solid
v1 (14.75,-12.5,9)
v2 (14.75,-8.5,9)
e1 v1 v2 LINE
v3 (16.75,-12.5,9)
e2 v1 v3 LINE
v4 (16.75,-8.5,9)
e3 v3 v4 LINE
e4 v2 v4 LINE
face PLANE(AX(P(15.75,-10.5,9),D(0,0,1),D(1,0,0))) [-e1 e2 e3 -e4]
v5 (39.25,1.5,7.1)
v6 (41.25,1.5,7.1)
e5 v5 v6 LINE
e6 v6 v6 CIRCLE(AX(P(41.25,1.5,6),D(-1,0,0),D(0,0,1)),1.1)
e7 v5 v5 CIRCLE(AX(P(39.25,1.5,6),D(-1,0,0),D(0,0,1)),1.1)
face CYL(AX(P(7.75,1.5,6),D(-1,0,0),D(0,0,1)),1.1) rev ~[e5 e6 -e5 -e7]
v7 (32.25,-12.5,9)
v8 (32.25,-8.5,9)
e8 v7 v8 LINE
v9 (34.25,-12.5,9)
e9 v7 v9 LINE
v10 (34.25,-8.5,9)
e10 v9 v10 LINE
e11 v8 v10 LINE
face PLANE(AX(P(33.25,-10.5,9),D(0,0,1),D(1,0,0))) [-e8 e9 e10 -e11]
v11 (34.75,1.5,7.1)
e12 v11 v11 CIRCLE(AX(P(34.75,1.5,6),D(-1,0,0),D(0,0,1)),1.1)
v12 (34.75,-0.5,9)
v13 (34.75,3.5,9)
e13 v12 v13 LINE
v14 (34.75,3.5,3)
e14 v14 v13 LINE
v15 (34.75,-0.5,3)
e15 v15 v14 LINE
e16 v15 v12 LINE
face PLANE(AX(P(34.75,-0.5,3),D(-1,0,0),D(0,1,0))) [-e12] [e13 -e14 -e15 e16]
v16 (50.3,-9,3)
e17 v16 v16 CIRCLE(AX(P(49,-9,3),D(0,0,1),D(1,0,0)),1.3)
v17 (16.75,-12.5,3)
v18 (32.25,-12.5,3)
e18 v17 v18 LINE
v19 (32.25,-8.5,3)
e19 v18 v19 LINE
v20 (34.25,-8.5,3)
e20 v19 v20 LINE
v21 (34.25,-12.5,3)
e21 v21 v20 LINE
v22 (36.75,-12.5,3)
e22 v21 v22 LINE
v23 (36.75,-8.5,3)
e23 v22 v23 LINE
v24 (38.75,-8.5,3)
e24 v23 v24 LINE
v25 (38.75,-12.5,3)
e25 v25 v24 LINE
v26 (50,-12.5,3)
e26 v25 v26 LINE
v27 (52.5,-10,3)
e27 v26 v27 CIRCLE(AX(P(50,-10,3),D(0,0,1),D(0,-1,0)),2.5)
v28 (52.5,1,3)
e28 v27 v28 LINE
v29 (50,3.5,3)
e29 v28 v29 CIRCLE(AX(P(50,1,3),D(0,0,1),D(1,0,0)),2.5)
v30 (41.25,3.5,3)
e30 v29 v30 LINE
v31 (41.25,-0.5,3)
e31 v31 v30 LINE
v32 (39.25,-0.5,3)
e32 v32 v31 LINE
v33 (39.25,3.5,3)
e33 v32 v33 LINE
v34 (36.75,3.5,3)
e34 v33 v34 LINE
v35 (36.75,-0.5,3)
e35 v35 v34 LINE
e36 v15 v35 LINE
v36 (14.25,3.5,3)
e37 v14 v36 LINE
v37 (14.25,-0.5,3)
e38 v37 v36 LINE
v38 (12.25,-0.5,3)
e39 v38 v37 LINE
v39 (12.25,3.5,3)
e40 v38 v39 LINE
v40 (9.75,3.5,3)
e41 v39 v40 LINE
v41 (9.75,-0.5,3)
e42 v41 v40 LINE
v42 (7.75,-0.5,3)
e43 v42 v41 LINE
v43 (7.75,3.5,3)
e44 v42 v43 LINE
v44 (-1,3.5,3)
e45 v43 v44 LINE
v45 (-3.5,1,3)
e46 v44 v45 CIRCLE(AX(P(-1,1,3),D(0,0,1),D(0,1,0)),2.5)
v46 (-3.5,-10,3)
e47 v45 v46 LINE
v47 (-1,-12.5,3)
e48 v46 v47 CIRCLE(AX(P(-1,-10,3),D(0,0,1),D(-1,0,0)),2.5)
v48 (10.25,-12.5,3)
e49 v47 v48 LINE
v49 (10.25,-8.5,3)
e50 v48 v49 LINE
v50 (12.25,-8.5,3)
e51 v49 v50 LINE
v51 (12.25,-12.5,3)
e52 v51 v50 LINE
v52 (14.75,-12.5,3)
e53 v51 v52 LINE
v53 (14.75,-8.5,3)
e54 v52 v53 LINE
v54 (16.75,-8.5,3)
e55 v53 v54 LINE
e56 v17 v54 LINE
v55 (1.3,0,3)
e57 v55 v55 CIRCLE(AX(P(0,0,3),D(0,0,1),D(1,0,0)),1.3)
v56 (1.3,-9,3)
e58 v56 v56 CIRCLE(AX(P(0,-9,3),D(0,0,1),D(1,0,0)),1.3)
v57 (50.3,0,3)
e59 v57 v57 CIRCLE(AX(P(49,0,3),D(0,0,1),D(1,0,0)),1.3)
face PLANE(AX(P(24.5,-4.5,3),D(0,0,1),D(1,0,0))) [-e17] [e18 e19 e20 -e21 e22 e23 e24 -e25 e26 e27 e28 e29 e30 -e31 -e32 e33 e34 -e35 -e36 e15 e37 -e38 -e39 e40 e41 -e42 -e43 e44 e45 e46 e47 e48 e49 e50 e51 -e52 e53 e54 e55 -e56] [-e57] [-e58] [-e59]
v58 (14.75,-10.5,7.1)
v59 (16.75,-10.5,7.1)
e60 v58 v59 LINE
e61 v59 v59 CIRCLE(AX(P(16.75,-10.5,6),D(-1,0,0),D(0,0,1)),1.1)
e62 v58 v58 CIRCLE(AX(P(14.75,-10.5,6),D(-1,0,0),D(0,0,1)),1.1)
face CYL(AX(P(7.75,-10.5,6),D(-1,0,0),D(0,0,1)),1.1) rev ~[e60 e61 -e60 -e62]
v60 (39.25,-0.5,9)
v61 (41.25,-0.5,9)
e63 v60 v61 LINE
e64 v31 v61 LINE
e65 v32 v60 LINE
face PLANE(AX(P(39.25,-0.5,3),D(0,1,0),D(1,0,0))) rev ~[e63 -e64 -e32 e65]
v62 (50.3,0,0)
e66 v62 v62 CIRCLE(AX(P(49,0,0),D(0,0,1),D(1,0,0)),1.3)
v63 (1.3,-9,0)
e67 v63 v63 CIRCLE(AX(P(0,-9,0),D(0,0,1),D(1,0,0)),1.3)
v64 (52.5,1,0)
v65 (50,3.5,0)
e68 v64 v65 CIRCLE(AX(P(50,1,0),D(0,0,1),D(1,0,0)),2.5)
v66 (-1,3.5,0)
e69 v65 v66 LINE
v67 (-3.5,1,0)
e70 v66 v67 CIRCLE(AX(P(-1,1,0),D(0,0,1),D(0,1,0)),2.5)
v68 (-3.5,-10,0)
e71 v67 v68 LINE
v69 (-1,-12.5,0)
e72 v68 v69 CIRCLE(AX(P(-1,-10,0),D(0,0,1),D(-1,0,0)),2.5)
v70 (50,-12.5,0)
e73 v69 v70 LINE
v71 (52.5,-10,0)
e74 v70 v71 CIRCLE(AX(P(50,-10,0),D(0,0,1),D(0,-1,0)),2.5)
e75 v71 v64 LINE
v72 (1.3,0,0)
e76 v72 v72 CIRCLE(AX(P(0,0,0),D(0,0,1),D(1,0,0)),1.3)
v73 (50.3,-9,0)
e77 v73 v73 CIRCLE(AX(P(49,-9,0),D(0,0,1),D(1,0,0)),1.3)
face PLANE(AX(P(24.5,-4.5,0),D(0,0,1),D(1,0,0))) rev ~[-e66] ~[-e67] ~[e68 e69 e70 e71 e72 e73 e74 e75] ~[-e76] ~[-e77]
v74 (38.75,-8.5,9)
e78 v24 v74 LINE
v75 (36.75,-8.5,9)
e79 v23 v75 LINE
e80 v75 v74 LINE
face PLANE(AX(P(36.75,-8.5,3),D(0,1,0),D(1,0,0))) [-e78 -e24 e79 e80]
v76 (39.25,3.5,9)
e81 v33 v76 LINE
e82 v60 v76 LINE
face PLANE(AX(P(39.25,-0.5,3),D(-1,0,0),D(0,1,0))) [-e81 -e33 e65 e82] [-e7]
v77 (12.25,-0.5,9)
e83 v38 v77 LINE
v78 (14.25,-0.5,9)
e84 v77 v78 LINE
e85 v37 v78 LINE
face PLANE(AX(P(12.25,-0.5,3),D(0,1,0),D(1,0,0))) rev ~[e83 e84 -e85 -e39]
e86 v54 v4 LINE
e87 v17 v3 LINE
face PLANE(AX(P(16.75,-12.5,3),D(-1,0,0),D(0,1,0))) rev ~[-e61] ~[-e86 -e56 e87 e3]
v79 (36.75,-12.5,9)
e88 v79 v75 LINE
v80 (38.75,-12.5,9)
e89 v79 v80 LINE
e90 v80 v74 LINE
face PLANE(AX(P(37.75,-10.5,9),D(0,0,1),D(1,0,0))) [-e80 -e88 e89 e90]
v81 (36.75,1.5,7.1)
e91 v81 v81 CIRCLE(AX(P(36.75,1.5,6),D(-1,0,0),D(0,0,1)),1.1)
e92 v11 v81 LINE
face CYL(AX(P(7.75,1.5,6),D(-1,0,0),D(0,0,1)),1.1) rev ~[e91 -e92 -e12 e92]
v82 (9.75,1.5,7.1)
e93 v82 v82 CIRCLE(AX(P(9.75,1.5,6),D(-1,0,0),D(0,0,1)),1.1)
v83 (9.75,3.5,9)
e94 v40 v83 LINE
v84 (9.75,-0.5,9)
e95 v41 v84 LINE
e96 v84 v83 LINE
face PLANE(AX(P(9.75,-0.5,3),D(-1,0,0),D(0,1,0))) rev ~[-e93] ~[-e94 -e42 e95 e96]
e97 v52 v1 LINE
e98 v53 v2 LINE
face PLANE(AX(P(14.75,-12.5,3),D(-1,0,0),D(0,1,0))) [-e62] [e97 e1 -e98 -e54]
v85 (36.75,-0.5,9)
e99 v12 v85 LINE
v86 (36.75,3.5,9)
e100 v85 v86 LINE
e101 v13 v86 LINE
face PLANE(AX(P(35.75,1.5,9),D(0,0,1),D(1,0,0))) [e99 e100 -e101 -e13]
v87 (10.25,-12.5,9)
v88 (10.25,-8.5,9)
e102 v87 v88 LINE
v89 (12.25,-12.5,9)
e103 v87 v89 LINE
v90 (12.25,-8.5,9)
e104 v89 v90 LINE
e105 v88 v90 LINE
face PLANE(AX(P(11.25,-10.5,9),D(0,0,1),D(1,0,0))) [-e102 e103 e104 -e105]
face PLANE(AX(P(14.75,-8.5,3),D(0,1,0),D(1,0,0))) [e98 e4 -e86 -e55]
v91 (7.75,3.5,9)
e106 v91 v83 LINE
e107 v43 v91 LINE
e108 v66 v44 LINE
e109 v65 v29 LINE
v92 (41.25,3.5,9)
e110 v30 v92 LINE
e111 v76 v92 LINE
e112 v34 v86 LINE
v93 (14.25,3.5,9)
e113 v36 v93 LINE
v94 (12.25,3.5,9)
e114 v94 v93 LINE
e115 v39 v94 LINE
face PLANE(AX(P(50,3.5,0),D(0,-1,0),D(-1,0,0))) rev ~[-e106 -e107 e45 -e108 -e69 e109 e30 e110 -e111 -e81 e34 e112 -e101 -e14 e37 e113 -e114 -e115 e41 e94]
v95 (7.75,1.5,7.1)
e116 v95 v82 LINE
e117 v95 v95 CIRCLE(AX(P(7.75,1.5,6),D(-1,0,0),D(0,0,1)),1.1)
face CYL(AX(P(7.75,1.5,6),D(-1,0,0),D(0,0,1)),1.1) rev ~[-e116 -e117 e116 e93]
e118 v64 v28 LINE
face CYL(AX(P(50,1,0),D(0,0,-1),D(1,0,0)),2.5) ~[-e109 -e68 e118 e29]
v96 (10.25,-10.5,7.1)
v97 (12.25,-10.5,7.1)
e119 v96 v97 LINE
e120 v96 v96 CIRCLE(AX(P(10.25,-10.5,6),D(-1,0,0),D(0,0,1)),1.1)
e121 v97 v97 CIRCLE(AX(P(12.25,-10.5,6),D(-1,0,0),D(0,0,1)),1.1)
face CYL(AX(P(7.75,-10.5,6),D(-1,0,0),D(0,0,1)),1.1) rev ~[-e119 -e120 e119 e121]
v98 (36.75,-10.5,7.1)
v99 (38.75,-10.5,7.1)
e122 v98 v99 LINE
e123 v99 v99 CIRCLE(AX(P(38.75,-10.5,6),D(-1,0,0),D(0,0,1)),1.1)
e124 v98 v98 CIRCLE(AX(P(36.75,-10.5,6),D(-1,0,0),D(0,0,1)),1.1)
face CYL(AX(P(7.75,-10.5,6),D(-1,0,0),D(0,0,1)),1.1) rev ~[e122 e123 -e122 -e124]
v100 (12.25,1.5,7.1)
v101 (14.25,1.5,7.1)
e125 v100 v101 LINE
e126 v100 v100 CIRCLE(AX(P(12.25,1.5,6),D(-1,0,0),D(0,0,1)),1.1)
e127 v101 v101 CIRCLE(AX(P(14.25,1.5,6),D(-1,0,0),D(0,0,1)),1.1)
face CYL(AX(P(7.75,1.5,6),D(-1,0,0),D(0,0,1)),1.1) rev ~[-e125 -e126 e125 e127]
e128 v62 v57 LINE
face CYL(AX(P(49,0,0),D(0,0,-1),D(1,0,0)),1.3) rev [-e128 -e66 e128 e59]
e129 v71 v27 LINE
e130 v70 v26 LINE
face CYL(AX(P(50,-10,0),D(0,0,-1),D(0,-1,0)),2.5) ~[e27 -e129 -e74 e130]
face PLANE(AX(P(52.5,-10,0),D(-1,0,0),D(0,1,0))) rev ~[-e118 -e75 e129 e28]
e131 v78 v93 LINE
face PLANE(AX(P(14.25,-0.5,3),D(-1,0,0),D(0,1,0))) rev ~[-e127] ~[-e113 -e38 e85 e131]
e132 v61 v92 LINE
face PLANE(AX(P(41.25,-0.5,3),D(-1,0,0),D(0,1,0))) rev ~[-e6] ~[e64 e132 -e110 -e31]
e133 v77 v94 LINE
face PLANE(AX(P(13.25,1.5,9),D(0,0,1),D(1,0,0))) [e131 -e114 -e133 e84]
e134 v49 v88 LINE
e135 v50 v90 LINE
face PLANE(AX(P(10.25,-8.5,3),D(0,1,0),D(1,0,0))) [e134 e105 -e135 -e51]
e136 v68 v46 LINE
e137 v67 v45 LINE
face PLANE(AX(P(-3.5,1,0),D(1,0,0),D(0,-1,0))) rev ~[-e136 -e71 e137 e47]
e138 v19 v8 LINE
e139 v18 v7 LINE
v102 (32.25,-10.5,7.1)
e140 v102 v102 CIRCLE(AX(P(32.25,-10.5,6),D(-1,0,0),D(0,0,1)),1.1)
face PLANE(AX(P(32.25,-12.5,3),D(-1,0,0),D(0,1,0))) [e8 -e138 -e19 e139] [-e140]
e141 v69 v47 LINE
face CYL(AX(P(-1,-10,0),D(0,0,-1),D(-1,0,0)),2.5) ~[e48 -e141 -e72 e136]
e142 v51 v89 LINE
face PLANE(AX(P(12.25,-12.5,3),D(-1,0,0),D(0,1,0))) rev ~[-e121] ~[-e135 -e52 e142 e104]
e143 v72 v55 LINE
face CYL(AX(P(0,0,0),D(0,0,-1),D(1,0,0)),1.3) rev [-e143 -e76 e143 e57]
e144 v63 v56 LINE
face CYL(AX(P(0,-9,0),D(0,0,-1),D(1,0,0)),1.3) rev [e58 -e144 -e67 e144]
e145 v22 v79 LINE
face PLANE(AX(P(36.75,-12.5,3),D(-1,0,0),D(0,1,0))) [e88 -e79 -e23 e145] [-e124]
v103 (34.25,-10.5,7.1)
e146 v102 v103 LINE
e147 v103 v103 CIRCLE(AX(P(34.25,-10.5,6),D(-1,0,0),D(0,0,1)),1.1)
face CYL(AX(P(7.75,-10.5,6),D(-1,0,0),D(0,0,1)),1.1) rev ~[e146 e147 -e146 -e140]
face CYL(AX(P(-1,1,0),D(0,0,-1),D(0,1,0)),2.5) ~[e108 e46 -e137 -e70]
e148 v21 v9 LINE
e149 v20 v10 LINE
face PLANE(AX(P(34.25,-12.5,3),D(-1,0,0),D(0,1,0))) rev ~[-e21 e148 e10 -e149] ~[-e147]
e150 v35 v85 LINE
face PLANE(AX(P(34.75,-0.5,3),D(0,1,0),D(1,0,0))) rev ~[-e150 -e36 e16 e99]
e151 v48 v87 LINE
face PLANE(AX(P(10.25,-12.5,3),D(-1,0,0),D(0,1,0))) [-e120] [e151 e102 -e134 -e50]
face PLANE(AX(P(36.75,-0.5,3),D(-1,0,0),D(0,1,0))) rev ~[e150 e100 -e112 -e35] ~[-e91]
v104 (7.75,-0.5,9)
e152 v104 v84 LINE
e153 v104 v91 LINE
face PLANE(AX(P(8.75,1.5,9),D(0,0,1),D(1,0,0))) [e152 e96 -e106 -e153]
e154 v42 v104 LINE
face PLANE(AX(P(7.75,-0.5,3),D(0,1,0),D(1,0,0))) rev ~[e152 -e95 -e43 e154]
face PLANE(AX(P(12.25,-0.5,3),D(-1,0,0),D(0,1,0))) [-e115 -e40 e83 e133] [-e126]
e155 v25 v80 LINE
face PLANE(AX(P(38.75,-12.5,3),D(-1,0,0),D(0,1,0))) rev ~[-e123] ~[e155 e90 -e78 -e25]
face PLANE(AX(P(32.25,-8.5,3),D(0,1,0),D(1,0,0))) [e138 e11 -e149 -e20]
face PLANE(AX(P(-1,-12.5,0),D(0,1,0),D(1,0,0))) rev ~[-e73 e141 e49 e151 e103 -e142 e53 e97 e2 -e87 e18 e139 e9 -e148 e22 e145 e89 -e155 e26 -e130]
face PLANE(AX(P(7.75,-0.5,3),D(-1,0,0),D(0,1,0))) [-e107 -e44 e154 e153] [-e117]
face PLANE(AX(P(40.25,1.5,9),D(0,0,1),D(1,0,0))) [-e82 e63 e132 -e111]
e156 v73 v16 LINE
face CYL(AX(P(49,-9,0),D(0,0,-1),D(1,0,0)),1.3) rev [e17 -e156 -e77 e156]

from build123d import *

# Parameters (mm, degrees)
SKETCH_2_R          = 1.3
EXTRUDE_2_DEPTH     = 3
SKETCH_4_W          = 2
SKETCH_4_H          = 4
EXTRUDE_3_DEPTH     = 6
SKETCH_6_R          = 1.1
CUT_EXTRUDE_2_DEPTH = 45.75


with BuildPart() as part:
    # 草图2 → 凸台-拉伸2 (new body)
    with BuildSketch(Plane.XY):
        with BuildLine():
            ThreePointArc((-3.5, -10), (-2.767766953, -11.767766953), (-1, -12.5))
            Line((-1, -12.5), (50, -12.5))
            ThreePointArc((50, -12.5), (51.767766953, -11.767766953), (52.5, -10))
            Line((52.5, -10), (52.5, 1))
            ThreePointArc((52.5, 1), (51.767766953, 2.767766953), (50, 3.5))
            Line((50, 3.5), (-1, 3.5))
            ThreePointArc((-1, 3.5), (-2.767766953, 2.767766953), (-3.5, 1))
            Line((-3.5, 1), (-3.5, -10))
        make_face()
        with Locations((0, -9)):
            Circle(SKETCH_2_R, mode=Mode.SUBTRACT)
        Circle(SKETCH_2_R, mode=Mode.SUBTRACT)
        with Locations((49, -9)):
            Circle(SKETCH_2_R, mode=Mode.SUBTRACT)
        with Locations((49, 0)):
            Circle(SKETCH_2_R, mode=Mode.SUBTRACT)
    extrude(amount=EXTRUDE_2_DEPTH)

    # 草图4 → 凸台-拉伸3 (add)
    with BuildSketch(Plane.XY.offset(3)):
        with Locations((8.75, 1.5)):
            Rectangle(SKETCH_4_W, SKETCH_4_H)
        with Locations((13.25, 1.5)):
            Rectangle(SKETCH_4_W, SKETCH_4_H)
        with Locations((35.75, 1.5)):
            Rectangle(SKETCH_4_W, SKETCH_4_H)
        with Locations((40.25, 1.5)):
            Rectangle(SKETCH_4_W, SKETCH_4_H)
        with Locations((11.25, -10.5)):
            Rectangle(SKETCH_4_W, SKETCH_4_H)
        with Locations((15.75, -10.5)):
            Rectangle(SKETCH_4_W, SKETCH_4_H)
        with Locations((33.25, -10.5)):
            Rectangle(SKETCH_4_W, SKETCH_4_H)
        with Locations((37.75, -10.5)):
            Rectangle(SKETCH_4_W, SKETCH_4_H)
    extrude(amount=EXTRUDE_3_DEPTH)

    # 草图6 → 切除-拉伸2 (cut, through all)
    with BuildSketch(Plane.ZY.offset(-7.75)):
        with Locations((6, 1.5)):
            Circle(SKETCH_6_R)
        with Locations((6, -10.5)):
            Circle(SKETCH_6_R)
    extrude(amount=-CUT_EXTRUDE_2_DEPTH, mode=Mode.SUBTRACT)


solid = part.part
